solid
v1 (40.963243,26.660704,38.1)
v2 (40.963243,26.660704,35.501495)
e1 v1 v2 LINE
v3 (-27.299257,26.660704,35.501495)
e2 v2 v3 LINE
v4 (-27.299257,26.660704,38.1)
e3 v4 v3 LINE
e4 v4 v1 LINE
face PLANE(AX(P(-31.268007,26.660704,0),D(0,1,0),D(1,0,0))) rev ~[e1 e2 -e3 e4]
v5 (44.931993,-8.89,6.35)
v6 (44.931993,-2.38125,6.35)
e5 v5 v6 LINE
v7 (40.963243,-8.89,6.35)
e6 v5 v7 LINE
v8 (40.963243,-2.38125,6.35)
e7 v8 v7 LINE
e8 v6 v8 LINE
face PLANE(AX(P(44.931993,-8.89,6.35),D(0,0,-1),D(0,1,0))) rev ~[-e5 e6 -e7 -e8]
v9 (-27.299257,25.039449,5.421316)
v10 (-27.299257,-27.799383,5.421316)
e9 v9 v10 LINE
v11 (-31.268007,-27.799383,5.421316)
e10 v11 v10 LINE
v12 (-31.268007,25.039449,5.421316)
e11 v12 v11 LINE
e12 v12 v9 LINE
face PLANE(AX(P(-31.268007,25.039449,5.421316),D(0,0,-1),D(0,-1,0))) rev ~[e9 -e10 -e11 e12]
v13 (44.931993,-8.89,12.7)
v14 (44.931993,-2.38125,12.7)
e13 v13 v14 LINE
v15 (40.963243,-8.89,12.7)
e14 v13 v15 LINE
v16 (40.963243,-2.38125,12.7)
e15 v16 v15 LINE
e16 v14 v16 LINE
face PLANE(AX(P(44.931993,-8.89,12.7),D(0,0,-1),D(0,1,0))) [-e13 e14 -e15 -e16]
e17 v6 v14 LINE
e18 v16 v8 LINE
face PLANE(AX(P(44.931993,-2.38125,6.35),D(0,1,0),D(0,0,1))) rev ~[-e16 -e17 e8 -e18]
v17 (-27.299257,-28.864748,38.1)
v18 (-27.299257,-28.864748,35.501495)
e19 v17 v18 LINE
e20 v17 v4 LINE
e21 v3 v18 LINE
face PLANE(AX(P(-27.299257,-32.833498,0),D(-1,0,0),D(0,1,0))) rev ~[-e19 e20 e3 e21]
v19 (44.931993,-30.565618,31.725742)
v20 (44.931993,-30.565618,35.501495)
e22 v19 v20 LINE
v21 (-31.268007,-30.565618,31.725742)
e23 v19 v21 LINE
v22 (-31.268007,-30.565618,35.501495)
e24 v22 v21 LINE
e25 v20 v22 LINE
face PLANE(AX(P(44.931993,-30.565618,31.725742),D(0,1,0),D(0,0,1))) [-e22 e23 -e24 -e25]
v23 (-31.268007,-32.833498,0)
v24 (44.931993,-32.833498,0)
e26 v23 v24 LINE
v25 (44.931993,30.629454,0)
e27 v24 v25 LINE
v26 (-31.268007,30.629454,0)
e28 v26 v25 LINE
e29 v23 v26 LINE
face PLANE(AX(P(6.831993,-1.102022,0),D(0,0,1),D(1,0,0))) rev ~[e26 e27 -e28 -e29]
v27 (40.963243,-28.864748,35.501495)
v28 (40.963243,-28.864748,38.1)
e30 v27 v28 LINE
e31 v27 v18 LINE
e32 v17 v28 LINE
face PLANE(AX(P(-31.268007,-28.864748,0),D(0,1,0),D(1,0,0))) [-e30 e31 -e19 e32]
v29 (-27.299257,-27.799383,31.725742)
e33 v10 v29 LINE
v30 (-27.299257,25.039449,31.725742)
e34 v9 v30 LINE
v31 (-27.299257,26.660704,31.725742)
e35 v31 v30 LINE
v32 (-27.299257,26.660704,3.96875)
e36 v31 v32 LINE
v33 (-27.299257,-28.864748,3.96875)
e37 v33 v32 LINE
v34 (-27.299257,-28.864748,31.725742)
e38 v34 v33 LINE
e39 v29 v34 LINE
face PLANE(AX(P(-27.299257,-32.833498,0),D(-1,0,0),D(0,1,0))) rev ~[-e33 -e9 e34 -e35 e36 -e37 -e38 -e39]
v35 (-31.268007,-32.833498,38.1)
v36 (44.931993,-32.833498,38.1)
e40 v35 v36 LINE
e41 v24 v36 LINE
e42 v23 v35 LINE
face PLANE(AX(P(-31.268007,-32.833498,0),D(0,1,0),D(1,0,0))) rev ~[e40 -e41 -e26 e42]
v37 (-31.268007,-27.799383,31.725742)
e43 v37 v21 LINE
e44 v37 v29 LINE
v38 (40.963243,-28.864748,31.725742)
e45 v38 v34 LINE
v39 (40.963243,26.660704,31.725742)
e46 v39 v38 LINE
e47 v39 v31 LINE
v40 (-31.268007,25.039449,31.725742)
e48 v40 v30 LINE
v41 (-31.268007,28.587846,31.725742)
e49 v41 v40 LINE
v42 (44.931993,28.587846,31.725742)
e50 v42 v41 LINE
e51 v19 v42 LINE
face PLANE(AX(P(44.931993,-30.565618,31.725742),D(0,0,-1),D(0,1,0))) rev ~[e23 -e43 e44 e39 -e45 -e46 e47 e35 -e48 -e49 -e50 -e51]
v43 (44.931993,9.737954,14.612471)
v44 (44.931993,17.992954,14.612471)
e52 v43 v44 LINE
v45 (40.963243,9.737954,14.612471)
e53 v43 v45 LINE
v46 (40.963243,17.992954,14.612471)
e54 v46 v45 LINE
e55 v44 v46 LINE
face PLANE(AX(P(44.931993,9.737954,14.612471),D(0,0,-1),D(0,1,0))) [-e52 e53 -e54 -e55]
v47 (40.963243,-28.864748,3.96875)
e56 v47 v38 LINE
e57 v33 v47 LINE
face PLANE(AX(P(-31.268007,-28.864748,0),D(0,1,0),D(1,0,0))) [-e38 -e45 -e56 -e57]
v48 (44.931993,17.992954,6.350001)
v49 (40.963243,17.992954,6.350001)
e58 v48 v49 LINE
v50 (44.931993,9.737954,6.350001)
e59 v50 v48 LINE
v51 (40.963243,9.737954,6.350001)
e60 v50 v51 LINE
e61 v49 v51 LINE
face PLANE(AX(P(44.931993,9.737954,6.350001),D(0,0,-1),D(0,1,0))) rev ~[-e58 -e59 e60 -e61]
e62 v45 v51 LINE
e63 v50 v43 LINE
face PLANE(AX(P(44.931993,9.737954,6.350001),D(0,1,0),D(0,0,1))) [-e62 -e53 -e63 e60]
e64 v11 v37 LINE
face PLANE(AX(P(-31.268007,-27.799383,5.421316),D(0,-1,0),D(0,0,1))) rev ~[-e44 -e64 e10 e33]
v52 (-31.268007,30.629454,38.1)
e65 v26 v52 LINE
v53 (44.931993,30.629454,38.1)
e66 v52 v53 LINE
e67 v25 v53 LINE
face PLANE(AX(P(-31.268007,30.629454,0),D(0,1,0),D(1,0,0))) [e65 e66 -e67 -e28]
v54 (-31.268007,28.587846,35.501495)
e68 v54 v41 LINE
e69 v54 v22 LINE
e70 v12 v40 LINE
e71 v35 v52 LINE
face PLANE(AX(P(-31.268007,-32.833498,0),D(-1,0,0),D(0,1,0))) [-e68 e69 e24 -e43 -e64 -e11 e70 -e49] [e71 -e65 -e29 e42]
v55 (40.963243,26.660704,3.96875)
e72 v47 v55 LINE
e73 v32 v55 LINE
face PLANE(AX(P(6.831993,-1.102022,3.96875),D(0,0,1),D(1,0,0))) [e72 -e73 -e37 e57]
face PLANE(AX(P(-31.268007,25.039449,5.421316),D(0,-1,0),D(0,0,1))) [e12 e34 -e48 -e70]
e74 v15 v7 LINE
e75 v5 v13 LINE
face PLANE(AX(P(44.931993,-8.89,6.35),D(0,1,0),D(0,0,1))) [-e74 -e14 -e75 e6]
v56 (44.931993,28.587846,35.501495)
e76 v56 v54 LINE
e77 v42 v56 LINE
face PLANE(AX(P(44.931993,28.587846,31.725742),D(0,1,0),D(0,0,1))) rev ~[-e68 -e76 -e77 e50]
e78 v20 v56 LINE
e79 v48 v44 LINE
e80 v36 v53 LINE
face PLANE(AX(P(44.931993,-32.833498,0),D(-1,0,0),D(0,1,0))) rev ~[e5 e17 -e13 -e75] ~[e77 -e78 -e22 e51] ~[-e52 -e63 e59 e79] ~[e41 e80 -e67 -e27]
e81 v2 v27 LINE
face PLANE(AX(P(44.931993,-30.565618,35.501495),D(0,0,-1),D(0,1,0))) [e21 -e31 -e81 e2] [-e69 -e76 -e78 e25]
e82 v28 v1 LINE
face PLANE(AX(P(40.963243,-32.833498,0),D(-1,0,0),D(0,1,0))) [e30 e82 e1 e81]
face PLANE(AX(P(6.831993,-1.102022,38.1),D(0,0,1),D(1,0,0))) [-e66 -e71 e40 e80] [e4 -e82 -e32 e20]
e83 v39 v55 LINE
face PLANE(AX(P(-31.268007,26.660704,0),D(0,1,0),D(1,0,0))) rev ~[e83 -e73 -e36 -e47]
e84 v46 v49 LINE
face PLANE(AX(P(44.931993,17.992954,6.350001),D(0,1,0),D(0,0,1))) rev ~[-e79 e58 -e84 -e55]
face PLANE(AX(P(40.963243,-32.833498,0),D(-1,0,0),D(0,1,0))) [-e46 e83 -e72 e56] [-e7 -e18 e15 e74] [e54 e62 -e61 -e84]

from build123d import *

# Parameters (mm, degrees)
F0_W     = 76.2
F0_H     = 63.462952
F1_DEPTH = 38.1
F2_T     = -3.96875
F3_W     = 59.153464
F3_H     = 3.775753
F4_DEPTH = 84.455
F5_W     = 8.255
F5_H     = 8.262471
F5_W_2   = 6.50875
F5_H_2   = 6.35
F6_DEPTH = 6.35
F8_W     = 52.838832
F8_H     = 26.304427
F9_DEPTH = 6.35


with BuildPart() as f1:
    # F0 (on Top) → F1 (new body)
    with BuildSketch(Plane.XY):
        with Locations((6.831993, -1.102022)):
            Rectangle(F0_W, F0_H)
    extrude(amount=F1_DEPTH)

    # F2
    f2_openings = [f1.faces().sort_by_distance(p)[0] for p in [
        (6.831993, -1.102022, 38.1),
    ]]
    offset(amount=F2_T, openings=f2_openings)

    # F3 (on face) → F4 (cut)
    with BuildSketch(Plane.YZ.offset(44.931993)):
        with Locations((-0.988886, 33.613619)):
            Rectangle(F3_W, F3_H)
    extrude(amount=-F4_DEPTH, mode=Mode.SUBTRACT)

    # F5 (on face) → F6 (cut)
    with BuildSketch(Plane.YZ.offset(44.931993)):
        with Locations((13.865454, 10.481236)):
            Rectangle(F5_W, F5_H)
        with Locations((-5.635625, 9.525)):
            Rectangle(F5_W_2, F5_H_2)
    extrude(amount=-F6_DEPTH, mode=Mode.SUBTRACT)

    # F8 (on face) → F9 (cut)
    with BuildSketch(Plane(origin=(-31.268007, 0, 0), x_dir=(0, -1, 0), z_dir=(-1, 0, 0))):
        with Locations((1.379967, 18.573529)):
            Rectangle(F8_W, F8_H)
    extrude(amount=-F9_DEPTH, mode=Mode.SUBTRACT)


solid = f1.part
